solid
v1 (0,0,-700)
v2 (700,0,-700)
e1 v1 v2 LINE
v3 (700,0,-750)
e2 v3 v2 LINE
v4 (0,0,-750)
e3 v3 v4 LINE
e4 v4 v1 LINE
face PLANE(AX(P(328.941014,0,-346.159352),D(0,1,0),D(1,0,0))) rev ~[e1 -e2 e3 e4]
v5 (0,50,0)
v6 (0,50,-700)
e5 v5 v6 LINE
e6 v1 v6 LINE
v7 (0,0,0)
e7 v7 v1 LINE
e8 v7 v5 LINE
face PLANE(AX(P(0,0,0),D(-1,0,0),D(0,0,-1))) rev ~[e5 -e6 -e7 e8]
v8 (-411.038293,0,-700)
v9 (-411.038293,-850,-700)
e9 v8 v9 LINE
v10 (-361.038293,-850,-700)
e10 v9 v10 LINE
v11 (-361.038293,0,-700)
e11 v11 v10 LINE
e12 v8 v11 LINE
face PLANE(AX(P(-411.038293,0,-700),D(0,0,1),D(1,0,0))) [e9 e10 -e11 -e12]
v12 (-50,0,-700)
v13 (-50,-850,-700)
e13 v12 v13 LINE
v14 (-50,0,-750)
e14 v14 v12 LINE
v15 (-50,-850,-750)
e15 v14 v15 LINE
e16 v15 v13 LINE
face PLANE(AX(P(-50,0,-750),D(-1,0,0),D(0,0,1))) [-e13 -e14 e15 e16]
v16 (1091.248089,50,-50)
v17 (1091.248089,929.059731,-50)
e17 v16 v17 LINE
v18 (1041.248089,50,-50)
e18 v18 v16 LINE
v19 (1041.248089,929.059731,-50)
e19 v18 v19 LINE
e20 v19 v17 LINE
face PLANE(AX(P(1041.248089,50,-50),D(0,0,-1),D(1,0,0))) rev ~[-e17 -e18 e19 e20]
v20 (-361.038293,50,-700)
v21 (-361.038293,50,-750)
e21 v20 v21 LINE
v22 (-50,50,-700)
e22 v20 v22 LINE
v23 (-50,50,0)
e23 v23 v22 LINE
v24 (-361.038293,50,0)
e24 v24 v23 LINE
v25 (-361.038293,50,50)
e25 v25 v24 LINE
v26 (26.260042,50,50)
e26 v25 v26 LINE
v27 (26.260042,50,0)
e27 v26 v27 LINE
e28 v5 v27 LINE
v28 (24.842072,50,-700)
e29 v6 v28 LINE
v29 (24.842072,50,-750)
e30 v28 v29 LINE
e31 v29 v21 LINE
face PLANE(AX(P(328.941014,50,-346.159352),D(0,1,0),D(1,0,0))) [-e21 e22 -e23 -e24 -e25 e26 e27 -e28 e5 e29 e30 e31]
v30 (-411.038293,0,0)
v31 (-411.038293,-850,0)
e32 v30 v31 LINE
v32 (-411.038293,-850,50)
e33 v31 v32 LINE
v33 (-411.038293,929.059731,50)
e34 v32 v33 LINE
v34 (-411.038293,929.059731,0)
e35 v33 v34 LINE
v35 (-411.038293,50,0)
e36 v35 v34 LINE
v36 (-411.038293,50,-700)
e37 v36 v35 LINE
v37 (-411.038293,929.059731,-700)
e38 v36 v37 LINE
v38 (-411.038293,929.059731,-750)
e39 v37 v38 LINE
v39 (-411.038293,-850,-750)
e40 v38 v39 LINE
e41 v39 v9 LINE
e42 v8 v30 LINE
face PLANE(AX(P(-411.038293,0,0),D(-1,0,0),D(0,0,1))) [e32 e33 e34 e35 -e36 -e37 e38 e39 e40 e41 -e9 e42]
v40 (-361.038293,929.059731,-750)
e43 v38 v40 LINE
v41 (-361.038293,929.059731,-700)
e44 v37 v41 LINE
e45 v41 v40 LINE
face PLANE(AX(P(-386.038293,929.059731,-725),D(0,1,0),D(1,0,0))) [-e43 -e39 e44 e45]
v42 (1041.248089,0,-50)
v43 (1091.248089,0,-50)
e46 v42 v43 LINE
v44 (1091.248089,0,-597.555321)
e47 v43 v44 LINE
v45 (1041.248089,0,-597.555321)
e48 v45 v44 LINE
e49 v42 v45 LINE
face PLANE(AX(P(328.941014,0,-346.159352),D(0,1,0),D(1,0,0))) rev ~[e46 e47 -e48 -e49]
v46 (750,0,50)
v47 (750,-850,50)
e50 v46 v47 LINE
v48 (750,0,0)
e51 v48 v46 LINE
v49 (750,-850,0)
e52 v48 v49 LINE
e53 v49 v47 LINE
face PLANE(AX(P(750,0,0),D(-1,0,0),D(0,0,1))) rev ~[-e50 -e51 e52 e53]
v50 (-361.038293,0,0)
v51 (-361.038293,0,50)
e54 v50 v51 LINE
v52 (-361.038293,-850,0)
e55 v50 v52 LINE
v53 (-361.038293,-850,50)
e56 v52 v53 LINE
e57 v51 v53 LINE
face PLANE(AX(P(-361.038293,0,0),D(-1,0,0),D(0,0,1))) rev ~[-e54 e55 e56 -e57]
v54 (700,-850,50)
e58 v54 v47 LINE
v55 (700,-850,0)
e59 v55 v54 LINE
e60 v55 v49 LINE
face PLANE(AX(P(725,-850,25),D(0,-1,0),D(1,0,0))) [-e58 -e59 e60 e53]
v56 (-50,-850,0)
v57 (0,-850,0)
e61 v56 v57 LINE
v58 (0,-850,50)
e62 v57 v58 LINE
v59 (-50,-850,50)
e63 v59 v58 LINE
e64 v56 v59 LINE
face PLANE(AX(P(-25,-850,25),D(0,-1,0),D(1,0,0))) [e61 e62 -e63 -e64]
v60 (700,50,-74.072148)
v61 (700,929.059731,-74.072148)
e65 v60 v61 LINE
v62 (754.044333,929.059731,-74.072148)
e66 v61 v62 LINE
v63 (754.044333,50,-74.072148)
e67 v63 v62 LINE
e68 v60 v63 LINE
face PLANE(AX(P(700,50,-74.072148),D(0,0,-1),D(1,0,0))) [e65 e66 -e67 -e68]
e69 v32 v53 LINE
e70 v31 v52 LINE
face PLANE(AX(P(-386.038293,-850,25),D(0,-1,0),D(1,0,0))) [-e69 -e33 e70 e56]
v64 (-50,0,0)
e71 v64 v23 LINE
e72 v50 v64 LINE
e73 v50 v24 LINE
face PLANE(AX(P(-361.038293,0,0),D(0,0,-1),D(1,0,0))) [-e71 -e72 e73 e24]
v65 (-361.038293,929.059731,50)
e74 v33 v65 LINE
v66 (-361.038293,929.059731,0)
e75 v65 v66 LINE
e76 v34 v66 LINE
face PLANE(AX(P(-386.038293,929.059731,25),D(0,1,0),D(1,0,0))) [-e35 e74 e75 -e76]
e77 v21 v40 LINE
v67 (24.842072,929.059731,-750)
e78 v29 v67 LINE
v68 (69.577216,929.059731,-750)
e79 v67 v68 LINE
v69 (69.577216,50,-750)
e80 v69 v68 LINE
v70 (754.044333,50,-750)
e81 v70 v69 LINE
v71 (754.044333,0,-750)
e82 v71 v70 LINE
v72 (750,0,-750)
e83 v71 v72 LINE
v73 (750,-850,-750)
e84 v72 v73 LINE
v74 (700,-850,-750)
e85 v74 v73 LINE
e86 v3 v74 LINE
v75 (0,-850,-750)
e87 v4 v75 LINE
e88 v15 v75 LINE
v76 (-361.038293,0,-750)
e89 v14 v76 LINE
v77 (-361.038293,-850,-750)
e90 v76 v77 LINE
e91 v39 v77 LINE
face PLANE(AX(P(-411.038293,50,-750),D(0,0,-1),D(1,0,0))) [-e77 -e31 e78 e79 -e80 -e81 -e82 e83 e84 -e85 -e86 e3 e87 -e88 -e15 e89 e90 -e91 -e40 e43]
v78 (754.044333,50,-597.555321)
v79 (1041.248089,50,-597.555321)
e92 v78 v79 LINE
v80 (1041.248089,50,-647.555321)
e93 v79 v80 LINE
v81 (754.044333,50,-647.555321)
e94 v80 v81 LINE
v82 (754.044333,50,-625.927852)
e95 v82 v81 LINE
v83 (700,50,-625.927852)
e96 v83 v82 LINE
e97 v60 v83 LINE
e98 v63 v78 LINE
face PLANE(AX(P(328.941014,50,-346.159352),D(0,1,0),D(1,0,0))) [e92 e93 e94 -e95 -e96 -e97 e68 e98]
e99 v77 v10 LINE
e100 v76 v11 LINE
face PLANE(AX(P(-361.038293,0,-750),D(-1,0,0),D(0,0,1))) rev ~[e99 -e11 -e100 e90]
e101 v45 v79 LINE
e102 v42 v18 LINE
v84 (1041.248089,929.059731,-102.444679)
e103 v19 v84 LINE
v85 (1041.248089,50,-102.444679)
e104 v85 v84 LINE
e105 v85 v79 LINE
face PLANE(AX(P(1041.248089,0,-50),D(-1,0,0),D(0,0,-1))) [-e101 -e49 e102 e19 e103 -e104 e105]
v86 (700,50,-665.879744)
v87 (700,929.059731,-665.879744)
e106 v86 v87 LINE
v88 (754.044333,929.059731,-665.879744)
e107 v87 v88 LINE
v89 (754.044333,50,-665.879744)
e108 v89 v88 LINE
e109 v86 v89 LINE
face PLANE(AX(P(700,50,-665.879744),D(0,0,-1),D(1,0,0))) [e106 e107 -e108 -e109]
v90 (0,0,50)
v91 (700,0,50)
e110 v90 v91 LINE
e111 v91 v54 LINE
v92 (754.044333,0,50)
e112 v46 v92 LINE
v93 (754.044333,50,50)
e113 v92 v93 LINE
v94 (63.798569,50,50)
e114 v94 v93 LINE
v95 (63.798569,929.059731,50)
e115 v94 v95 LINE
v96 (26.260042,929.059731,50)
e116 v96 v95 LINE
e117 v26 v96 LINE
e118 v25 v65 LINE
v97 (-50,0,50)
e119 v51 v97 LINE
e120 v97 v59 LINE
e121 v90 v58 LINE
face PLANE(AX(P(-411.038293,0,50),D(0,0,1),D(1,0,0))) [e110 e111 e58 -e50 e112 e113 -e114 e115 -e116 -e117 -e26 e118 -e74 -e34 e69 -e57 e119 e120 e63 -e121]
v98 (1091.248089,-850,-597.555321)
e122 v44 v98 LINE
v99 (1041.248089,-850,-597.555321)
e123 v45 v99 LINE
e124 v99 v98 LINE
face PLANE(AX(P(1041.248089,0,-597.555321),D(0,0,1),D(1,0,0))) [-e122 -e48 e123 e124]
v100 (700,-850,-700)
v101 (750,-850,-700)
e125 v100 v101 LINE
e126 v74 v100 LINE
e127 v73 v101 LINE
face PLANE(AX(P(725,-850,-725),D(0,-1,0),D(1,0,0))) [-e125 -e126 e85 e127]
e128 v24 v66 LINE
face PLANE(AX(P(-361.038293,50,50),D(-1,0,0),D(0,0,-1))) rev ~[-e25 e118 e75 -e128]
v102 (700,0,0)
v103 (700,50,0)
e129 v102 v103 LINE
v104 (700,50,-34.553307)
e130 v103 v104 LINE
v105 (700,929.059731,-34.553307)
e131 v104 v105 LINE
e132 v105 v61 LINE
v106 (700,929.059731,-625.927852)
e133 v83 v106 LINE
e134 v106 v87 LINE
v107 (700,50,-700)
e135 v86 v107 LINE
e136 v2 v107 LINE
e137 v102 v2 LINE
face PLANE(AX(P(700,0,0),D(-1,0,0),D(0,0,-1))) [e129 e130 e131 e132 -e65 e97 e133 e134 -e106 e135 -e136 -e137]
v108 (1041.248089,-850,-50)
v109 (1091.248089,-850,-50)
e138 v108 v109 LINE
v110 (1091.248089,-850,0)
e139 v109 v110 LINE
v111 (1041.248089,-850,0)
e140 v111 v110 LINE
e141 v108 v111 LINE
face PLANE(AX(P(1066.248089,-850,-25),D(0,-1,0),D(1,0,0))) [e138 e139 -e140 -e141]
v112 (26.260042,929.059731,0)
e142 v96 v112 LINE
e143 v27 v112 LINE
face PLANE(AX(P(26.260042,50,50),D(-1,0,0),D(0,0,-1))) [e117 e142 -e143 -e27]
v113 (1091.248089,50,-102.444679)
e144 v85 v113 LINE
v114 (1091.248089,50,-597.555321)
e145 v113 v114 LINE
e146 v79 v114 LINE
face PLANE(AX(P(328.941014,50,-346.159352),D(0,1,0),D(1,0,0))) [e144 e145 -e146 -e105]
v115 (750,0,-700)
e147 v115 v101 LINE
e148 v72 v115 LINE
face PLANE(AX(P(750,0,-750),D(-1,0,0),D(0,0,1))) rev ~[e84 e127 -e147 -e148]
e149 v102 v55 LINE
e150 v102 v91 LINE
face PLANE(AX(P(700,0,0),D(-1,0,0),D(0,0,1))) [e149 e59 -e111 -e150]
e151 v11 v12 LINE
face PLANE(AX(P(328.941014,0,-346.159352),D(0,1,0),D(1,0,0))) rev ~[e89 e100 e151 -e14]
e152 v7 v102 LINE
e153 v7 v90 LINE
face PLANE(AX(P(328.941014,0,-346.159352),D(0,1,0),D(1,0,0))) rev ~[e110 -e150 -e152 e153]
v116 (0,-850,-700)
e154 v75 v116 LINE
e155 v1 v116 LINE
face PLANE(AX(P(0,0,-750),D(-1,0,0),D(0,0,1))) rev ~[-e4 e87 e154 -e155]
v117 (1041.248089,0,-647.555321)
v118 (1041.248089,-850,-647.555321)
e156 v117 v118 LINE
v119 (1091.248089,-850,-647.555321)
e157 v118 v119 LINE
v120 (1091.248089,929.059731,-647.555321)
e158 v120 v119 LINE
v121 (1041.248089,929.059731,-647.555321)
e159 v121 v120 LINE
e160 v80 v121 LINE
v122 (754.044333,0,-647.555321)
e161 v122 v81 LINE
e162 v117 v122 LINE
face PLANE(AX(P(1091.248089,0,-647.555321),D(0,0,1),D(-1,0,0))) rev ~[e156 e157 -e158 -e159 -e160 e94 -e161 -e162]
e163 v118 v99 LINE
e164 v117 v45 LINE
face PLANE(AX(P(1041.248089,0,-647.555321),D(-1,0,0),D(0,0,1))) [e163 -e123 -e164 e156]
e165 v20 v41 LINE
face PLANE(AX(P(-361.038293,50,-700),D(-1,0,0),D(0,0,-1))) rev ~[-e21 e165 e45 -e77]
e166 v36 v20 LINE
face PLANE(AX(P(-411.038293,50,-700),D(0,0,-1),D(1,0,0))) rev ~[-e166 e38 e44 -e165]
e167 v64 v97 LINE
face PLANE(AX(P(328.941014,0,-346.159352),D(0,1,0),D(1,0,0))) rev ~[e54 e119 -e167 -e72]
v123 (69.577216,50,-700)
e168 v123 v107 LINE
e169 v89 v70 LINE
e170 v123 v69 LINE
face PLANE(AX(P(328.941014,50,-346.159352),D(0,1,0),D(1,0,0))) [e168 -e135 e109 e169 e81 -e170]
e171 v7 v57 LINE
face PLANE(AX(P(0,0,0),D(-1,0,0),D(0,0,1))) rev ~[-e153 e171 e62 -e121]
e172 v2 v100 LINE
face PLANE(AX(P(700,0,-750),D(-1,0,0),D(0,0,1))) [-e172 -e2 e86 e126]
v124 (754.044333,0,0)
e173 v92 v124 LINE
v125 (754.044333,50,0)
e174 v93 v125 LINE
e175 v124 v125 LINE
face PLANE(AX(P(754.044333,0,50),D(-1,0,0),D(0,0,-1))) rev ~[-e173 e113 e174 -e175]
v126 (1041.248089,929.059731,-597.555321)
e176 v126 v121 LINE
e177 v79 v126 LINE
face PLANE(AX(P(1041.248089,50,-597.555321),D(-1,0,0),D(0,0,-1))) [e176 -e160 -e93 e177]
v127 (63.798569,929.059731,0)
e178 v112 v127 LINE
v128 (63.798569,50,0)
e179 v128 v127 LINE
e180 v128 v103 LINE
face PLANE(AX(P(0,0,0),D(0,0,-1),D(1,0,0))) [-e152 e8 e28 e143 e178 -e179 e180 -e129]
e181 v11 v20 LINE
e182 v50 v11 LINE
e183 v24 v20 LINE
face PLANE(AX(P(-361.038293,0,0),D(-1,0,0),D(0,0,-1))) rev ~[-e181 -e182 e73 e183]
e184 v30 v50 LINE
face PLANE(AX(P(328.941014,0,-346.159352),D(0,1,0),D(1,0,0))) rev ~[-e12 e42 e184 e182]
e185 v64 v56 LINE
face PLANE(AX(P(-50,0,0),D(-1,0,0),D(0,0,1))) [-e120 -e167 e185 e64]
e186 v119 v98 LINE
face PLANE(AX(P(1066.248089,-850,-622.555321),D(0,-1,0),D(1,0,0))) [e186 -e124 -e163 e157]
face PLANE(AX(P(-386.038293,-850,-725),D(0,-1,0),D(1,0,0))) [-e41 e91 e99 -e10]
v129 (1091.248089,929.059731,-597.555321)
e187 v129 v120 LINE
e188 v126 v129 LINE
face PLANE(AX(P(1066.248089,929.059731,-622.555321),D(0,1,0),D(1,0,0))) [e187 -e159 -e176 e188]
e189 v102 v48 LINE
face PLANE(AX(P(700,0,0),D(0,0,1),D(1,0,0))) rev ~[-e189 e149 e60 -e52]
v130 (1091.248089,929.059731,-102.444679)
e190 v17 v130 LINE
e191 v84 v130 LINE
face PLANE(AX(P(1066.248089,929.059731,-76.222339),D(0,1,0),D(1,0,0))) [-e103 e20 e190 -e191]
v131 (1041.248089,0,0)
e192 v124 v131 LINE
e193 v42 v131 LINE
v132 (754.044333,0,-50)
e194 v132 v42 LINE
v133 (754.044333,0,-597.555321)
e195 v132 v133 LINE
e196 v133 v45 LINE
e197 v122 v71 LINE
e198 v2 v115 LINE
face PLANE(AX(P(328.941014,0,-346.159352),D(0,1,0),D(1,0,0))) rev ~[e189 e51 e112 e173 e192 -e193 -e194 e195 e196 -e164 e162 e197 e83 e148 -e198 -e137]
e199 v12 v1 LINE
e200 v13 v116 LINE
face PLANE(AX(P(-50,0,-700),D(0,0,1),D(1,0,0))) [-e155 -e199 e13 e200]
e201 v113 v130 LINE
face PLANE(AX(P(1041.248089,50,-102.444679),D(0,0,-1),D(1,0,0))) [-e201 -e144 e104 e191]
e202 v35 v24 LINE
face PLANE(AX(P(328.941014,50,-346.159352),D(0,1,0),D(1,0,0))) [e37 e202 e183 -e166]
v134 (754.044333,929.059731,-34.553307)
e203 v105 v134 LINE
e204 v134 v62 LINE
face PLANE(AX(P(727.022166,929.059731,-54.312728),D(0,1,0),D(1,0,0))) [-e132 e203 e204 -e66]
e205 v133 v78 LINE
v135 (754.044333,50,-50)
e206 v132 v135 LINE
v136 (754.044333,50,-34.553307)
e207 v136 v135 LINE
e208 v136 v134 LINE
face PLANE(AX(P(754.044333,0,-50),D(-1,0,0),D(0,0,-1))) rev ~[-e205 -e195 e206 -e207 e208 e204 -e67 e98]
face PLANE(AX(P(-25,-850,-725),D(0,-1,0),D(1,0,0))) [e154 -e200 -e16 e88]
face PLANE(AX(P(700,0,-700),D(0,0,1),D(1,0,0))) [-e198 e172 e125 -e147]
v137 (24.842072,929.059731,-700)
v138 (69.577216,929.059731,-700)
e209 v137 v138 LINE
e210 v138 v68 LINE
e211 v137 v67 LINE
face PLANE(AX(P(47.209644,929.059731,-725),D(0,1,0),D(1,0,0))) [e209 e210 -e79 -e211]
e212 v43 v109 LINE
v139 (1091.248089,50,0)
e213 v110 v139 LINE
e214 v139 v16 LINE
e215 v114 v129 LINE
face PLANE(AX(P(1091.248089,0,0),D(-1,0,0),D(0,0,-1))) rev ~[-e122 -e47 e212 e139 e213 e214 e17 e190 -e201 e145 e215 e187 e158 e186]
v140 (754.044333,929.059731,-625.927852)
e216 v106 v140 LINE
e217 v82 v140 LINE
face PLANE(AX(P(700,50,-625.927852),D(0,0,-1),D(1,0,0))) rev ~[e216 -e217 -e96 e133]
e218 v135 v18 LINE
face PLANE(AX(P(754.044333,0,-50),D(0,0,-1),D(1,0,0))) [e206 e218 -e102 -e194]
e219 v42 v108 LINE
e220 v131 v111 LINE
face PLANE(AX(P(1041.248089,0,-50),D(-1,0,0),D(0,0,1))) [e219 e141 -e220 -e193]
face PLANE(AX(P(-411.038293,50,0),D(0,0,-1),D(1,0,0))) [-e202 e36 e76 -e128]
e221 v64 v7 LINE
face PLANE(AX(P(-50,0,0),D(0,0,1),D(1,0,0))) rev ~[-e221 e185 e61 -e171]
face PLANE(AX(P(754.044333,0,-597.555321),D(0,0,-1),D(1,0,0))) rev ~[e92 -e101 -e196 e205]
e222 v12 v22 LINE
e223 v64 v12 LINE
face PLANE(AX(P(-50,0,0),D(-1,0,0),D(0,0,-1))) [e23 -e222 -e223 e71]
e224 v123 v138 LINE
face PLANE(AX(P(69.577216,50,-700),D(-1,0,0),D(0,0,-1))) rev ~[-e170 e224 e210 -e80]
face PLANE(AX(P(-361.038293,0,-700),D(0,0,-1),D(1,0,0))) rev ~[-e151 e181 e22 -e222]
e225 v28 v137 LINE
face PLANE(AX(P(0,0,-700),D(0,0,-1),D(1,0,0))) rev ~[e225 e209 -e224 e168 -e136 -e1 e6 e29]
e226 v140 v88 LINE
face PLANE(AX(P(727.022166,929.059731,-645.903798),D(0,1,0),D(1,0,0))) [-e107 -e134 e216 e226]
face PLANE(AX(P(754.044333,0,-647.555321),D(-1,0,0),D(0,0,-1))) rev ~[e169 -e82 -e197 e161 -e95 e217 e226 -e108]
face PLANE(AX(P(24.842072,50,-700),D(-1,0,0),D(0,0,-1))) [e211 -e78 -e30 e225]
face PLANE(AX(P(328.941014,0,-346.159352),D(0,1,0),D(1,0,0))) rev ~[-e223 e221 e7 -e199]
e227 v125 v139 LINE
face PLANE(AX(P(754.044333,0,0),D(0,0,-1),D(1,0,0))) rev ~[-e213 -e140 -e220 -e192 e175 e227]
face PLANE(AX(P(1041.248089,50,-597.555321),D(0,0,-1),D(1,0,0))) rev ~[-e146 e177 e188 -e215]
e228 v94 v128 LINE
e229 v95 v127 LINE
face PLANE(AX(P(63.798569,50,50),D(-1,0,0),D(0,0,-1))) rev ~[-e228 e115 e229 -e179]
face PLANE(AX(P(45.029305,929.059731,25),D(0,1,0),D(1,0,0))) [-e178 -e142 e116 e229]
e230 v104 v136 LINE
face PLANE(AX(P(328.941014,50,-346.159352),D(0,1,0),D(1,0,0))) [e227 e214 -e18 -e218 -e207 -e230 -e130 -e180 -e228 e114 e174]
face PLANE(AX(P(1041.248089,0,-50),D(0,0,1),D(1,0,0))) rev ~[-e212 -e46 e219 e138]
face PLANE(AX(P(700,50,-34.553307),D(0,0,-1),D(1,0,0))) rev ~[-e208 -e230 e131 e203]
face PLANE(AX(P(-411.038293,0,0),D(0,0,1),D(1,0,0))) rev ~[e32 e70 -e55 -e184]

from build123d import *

# Parameters (mm, degrees)
CROQUIS1_W              = 700
CROQUIS1_H              = 700
CROQUIS1_W_2            = 287.203756055
CROQUIS1_H_2            = 547.555321307
CROQUIS1_W_3            = 311.038292855
SALIENTE_EXTRUIR1_DEPTH = 50
CROQUIS2_W              = 50
CROQUIS2_H              = 50
SALIENTE_EXTRUIR2_DEPTH = 850
CROQUIS3_W              = 50
CROQUIS3_H              = 50
CROQUIS3_H_2            = 52.444678691
CROQUIS3_W_2            = 44.735144292
CROQUIS3_W_3            = 37.538527074
CROQUIS3_W_4            = 54.044332967
CROQUIS3_H_3            = 39.518840668
CROQUIS3_W_5            = 54.044332968
CROQUIS3_H_4            = 39.951892275
SALIENTE_EXTRUIR3_DEPTH = 879.0597314
CROQUIS4_W              = 50
CROQUIS4_H              = 50
SALIENTE_EXTRUIR4_DEPTH = 850


with BuildPart() as part:
    # Croquis1 → Saliente-Extruir1 (new body)
    with BuildSketch(Plane(origin=(0, 0, 0), x_dir=(1, 0, 0), z_dir=(0, 1, 0))):
        Polygon((-45.955667033, -50), (754.044332967, -50), (754.044332967, 0), (1091.248089022, 0), (1091.248089022, 52.444678693), (1091.248089022, 647.555321307), (754.044332967, 647.555321307), (754.044332967, 750), (-45.955667033, 750), (-411.038292855, 750), (-411.038292855, -50), align=None)
        with Locations((350, 350)):
            Rectangle(CROQUIS1_W, CROQUIS1_H, mode=Mode.SUBTRACT)
        with Locations((897.646210995, 323.777660653)):
            Rectangle(CROQUIS1_W_2, CROQUIS1_H_2, mode=Mode.SUBTRACT)
        with Locations((-205.519146428, 350)):
            Rectangle(CROQUIS1_W_3, CROQUIS1_H, mode=Mode.SUBTRACT)
    extrude(amount=SALIENTE_EXTRUIR1_DEPTH)

    # Croquis2 → Saliente-Extruir2 (add)
    with BuildSketch(Plane.XZ):
        with Locations((-25, 25)):
            Rectangle(CROQUIS2_W, CROQUIS2_H)
        with Locations((725, 25)):
            Rectangle(CROQUIS2_W, CROQUIS2_H)
        with Locations((725, -725)):
            Rectangle(CROQUIS2_W, CROQUIS2_H)
        with Locations((-25, -725)):
            Rectangle(CROQUIS2_W, CROQUIS2_H)
    extrude(amount=SALIENTE_EXTRUIR2_DEPTH)

    # Croquis3 → Saliente-Extruir3 (add)
    with BuildSketch(Plane(origin=(0, 50, 0), x_dir=(1, 0, 0), z_dir=(0, 1, 0))):
        with Locations((-386.038292855, 725)):
            Rectangle(CROQUIS3_W, CROQUIS3_H)
        with Locations((1066.248089022, 622.555321307)):
            Rectangle(CROQUIS3_W, CROQUIS3_H)
        with Locations((1066.248089022, 76.222339346)):
            Rectangle(CROQUIS3_W, CROQUIS3_H_2)
        with Locations((-386.038292855, -25)):
            Rectangle(CROQUIS3_W, CROQUIS3_H)
        with Locations((47.209644204, 725)):
            Rectangle(CROQUIS3_W_2, CROQUIS3_H)
        with Locations((45.029305303, -25)):
            Rectangle(CROQUIS3_W_3, CROQUIS3_H)
        with Locations((727.022166484, 54.312727654)):
            Rectangle(CROQUIS3_W_4, CROQUIS3_H_3)
        with Locations((727.022166484, 645.903798151)):
            Rectangle(CROQUIS3_W_5, CROQUIS3_H_4)
    extrude(amount=SALIENTE_EXTRUIR3_DEPTH)

    # Croquis4 → Saliente-Extruir4 (add)
    with BuildSketch(Plane.XZ):
        with Locations((-386.038292855, 25)):
            Rectangle(CROQUIS4_W, CROQUIS4_H)
        with Locations((-386.038292855, -725)):
            Rectangle(CROQUIS4_W, CROQUIS4_H)
        with Locations((1066.248089022, -622.555321307)):
            Rectangle(CROQUIS4_W, CROQUIS4_H)
        with Locations((1066.248089022, -25)):
            Rectangle(CROQUIS4_W, CROQUIS4_H)
    extrude(amount=SALIENTE_EXTRUIR4_DEPTH)


solid = part.part
